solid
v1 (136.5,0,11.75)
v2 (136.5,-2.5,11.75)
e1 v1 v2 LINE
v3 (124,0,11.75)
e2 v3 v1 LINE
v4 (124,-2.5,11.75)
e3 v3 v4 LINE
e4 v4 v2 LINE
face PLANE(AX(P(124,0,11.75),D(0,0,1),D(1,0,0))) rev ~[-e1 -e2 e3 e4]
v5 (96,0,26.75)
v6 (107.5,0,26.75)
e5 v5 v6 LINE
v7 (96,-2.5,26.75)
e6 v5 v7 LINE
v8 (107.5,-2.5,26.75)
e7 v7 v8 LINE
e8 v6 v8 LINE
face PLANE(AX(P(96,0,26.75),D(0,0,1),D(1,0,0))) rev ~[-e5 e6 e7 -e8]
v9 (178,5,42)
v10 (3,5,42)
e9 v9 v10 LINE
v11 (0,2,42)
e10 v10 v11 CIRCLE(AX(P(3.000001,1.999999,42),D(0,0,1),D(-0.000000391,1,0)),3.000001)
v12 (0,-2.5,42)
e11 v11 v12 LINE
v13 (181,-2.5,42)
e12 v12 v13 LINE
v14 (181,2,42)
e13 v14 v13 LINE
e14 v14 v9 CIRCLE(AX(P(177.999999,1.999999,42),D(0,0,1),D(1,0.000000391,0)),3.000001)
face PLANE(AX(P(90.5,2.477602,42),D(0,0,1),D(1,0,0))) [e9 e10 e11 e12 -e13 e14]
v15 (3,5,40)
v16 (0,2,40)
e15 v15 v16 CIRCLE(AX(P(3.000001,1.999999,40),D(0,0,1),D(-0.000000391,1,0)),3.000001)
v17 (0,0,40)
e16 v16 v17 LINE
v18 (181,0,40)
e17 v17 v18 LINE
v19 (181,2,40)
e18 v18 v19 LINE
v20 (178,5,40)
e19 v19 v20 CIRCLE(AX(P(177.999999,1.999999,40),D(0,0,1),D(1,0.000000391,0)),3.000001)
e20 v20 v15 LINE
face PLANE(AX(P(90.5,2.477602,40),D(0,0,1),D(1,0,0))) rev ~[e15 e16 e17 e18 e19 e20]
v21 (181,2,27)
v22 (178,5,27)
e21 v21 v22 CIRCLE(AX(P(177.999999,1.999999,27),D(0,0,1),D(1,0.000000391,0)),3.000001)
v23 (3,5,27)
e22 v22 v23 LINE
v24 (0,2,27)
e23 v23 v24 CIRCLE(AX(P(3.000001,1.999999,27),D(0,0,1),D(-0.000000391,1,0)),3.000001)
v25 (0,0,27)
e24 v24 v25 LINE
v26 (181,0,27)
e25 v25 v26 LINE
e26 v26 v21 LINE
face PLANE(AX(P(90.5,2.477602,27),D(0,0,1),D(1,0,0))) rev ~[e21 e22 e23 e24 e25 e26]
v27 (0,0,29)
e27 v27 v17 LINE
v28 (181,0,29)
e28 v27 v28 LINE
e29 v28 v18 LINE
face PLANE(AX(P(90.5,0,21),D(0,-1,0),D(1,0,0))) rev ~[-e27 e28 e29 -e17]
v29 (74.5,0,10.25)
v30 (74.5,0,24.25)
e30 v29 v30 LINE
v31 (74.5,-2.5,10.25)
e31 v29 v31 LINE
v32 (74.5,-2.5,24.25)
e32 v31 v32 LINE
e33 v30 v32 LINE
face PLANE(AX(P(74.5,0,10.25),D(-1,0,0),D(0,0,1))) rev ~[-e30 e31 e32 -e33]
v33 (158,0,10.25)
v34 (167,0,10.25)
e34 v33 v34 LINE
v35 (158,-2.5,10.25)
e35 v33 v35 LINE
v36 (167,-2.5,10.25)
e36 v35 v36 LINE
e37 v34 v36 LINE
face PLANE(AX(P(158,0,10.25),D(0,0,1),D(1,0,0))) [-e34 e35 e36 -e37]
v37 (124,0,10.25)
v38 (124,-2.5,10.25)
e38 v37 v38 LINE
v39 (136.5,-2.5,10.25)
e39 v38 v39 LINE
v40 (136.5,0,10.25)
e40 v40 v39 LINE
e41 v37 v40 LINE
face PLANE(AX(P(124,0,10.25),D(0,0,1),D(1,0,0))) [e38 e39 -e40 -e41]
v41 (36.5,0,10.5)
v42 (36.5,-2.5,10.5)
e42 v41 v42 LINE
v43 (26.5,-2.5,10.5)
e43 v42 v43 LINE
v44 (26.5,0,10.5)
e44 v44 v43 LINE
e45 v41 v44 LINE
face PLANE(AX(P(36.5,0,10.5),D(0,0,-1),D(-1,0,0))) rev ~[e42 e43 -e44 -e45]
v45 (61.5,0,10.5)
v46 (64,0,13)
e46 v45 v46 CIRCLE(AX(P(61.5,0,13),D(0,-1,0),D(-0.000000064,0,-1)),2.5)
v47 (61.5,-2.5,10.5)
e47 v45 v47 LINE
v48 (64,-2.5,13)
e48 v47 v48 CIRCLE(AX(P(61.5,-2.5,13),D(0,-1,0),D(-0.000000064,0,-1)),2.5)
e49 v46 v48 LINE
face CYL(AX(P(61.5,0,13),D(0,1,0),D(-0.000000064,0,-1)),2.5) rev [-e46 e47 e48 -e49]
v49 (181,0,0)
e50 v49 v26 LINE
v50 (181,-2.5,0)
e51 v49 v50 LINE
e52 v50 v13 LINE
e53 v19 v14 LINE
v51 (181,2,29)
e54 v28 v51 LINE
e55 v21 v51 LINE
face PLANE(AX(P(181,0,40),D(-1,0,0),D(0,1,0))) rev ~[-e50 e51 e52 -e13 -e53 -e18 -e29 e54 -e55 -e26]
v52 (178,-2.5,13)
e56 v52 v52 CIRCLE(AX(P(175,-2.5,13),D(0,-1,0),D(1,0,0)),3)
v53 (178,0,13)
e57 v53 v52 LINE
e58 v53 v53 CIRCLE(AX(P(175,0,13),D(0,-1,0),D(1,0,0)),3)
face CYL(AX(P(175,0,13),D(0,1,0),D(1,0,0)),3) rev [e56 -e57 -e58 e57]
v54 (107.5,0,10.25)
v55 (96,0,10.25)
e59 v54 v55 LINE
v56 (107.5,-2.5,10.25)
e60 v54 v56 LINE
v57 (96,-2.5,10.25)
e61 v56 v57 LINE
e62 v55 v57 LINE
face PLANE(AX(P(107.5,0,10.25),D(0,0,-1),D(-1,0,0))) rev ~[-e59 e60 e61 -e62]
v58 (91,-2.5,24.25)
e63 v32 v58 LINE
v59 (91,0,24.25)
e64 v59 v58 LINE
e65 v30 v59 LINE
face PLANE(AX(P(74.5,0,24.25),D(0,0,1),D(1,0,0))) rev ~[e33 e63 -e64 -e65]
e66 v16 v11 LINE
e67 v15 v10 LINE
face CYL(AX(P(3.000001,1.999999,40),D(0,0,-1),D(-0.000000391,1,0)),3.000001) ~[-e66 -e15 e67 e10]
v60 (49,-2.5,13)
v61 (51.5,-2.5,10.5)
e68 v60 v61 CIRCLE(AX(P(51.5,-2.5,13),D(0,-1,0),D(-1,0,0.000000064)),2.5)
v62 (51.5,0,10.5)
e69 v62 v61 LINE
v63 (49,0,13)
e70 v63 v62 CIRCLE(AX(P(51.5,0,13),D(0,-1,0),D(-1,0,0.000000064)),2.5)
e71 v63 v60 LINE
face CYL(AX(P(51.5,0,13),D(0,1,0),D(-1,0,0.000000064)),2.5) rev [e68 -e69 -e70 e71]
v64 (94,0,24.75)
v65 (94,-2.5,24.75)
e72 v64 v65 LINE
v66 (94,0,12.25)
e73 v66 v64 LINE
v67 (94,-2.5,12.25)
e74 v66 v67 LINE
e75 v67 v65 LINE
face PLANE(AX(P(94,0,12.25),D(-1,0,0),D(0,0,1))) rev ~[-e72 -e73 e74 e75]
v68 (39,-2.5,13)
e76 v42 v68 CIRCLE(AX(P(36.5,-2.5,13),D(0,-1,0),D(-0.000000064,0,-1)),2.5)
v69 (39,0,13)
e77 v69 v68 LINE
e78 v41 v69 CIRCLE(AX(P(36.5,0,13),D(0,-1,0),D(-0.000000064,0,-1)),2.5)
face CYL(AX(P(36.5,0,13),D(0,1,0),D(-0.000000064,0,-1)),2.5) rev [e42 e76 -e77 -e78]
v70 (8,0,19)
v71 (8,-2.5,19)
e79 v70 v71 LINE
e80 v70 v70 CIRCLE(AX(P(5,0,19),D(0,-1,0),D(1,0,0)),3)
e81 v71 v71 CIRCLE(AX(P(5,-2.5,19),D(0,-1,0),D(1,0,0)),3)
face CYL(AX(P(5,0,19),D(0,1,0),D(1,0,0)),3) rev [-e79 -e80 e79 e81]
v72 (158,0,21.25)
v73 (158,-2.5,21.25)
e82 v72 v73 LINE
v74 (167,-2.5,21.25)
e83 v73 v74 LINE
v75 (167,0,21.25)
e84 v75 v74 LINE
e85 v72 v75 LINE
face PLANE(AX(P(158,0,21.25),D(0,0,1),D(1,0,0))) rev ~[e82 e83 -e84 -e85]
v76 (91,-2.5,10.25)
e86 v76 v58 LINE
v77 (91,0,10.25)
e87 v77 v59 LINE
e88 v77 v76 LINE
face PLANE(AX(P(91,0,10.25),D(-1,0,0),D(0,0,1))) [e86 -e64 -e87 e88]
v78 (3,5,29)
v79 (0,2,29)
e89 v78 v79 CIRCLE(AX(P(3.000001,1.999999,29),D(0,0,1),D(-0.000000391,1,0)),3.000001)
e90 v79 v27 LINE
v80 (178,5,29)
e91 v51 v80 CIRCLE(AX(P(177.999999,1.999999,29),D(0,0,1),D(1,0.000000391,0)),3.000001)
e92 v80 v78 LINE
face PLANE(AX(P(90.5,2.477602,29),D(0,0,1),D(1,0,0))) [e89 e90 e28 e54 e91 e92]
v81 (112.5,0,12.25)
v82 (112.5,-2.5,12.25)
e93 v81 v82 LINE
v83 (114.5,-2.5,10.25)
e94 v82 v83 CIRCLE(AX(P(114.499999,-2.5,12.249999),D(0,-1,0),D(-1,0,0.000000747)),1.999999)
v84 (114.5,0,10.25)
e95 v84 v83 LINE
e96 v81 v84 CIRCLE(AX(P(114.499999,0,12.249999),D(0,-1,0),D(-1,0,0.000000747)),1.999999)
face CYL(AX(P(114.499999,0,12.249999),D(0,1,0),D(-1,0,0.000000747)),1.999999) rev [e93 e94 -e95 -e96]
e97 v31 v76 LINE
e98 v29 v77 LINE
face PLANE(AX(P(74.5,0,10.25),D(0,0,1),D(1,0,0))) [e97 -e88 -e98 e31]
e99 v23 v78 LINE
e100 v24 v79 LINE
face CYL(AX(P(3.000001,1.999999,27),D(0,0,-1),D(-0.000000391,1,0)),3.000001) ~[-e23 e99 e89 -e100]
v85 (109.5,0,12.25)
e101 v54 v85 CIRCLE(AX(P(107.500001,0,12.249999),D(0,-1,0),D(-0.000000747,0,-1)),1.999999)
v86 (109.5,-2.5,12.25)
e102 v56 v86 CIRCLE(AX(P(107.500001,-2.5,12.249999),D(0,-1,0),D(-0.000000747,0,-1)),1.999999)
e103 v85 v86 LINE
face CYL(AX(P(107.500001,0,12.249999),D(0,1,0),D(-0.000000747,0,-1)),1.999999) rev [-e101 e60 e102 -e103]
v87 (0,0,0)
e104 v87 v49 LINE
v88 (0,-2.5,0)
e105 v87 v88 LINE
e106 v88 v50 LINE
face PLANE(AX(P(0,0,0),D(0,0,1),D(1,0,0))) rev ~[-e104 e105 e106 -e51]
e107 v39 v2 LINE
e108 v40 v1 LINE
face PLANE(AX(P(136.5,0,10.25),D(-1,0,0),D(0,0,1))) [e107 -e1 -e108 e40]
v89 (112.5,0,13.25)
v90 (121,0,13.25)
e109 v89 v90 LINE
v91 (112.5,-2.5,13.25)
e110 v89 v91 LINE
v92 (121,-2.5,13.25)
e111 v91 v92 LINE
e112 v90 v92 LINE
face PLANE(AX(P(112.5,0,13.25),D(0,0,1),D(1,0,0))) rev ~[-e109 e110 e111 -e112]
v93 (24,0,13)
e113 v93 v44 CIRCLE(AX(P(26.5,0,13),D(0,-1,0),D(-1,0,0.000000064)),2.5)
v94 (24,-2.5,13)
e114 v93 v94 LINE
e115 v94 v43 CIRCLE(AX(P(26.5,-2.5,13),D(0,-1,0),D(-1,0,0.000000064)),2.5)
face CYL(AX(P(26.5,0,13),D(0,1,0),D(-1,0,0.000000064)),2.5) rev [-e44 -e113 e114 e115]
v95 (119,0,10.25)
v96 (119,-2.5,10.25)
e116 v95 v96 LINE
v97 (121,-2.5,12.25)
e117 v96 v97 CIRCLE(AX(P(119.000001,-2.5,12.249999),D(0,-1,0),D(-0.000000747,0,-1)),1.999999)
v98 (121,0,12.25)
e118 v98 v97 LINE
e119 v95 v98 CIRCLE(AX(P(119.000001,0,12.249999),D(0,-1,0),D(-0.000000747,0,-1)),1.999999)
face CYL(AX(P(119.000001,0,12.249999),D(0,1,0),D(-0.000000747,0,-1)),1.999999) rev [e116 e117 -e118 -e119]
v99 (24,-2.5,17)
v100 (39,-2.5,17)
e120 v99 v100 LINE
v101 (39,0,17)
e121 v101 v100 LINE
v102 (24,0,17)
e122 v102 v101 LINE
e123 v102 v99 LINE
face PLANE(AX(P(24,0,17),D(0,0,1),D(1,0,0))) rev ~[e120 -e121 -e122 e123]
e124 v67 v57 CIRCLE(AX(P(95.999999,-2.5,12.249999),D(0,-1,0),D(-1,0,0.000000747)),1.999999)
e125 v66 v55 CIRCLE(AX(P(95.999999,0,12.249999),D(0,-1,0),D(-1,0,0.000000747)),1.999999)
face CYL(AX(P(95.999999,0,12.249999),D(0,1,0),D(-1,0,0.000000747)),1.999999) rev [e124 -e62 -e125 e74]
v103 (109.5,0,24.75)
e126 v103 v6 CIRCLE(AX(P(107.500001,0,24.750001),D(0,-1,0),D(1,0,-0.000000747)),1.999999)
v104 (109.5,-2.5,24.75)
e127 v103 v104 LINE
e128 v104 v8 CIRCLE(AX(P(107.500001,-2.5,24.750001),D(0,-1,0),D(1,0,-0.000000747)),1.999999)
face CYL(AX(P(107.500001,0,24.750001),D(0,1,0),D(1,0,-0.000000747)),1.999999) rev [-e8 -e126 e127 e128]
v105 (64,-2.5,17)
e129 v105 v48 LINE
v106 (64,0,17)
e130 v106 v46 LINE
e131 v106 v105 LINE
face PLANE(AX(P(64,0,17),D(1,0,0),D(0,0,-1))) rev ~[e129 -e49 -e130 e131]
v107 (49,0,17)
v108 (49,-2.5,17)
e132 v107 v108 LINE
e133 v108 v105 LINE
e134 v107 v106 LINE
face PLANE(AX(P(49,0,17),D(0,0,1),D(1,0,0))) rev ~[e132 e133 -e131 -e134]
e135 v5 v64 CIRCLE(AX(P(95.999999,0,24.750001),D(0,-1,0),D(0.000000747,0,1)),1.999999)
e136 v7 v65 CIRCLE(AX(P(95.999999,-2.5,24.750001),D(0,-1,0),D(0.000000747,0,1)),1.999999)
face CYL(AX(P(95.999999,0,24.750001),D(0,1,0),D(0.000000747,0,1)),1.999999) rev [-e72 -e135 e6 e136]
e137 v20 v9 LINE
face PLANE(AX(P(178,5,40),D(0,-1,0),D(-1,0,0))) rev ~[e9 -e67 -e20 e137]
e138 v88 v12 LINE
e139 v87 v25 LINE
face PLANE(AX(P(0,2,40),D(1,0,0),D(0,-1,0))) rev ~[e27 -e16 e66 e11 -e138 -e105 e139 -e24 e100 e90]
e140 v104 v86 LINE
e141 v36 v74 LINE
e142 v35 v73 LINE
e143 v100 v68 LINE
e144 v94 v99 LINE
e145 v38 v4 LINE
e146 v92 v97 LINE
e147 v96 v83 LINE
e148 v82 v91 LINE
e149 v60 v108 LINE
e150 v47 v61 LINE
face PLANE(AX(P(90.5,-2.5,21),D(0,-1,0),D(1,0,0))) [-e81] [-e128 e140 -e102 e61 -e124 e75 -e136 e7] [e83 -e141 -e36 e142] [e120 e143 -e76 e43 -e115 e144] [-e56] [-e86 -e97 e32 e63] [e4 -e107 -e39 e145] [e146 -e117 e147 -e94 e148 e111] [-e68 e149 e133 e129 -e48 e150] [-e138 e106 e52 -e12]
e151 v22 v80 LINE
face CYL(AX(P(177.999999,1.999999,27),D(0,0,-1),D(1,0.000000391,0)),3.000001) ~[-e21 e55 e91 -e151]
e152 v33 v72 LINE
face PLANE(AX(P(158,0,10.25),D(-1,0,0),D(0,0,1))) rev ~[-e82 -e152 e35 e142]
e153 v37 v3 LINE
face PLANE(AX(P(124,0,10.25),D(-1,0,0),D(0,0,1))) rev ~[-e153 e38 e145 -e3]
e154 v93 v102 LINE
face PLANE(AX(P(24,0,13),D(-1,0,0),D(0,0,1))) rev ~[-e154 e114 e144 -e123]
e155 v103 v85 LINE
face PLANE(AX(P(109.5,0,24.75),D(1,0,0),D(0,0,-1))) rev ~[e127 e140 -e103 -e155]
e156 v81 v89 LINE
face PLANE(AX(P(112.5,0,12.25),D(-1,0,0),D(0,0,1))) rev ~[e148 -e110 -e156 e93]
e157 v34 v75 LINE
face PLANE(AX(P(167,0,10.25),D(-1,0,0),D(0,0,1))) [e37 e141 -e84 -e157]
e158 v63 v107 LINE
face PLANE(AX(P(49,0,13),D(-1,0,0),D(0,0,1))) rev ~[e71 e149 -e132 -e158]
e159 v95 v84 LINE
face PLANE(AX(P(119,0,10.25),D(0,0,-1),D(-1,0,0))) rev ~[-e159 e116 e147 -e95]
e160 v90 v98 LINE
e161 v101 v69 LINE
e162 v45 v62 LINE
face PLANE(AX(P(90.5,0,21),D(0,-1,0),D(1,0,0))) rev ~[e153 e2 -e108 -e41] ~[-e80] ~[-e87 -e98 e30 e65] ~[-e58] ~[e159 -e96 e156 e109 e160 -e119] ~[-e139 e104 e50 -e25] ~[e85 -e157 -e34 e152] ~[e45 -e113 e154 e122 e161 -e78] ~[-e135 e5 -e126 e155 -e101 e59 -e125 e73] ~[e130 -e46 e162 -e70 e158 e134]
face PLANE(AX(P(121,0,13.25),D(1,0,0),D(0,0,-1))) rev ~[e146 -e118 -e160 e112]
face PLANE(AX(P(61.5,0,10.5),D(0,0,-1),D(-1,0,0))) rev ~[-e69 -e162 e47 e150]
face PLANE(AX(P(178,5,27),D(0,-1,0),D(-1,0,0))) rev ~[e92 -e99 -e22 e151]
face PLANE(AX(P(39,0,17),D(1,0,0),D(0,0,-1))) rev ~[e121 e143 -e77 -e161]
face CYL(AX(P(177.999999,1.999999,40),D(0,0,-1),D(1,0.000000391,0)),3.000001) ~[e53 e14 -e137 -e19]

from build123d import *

# Parameters (mm, degrees)
SKETCH_W     = 181
SKETCH_H     = 42
SKETCH_R     = 3
SKETCH_W_2   = 9
SKETCH_H_2   = 11
SKETCH_W_3   = 12.5
SKETCH_H_3   = 1.5
SKETCH_W_4   = 16.5
SKETCH_H_4   = 14
PAD_DEPTH    = 2.5
PAD001_DEPTH = 2
PAD002_DEPTH = 2


with BuildPart() as part:
    # Sketch → Pad (new body)
    with BuildSketch(Plane.XZ):
        with Locations((90.5, 21)):
            Rectangle(SKETCH_W, SKETCH_H)
        with Locations((175, 13)):
            Circle(SKETCH_R, mode=Mode.SUBTRACT)
        with Locations((5, 19)):
            Circle(SKETCH_R, mode=Mode.SUBTRACT)
        with Locations((162.5, 15.75)):
            Rectangle(SKETCH_W_2, SKETCH_H_2, mode=Mode.SUBTRACT)
        with BuildLine():
            Line((96, 26.75), (107.5, 26.75))
            ThreePointArc((109.5, 24.75), (108.914214, 26.164214), (107.5, 26.75))
            Line((109.5, 24.75), (109.5, 12.25))
            ThreePointArc((107.5, 10.25), (108.914214, 10.835786), (109.5, 12.25))
            Line((107.5, 10.25), (96, 10.25))
            ThreePointArc((94, 12.25), (94.585786, 10.835786), (96, 10.25))
            Line((94, 12.25), (94, 24.75))
            ThreePointArc((96, 26.75), (94.585786, 26.164214), (94, 24.75))
        make_face(mode=Mode.SUBTRACT)
        with Locations((130.25, 11)):
            Rectangle(SKETCH_W_3, SKETCH_H_3, mode=Mode.SUBTRACT)
        with BuildLine():
            Line((112.5, 13.25), (121, 13.25))
            Line((121, 13.25), (121, 12.25))
            ThreePointArc((119, 10.25), (120.414214, 10.835786), (121, 12.25))
            Line((119, 10.25), (114.5, 10.25))
            ThreePointArc((112.5, 12.25), (113.085786, 10.835786), (114.5, 10.25))
            Line((112.5, 12.25), (112.5, 13.25))
        make_face(mode=Mode.SUBTRACT)
        with Locations((82.75, 17.25)):
            Rectangle(SKETCH_W_4, SKETCH_H_4, mode=Mode.SUBTRACT)
        with BuildLine():
            Line((49, 17), (64, 17))
            Line((64, 17), (64, 13))
            ThreePointArc((61.5, 10.5), (63.267767, 11.232233), (64, 13))
            Line((61.5, 10.5), (51.5, 10.5))
            ThreePointArc((49, 13), (49.732233, 11.232233), (51.5, 10.5))
            Line((49, 13), (49, 17))
        make_face(mode=Mode.SUBTRACT)
        with BuildLine():
            Line((24, 17), (39, 17))
            Line((39, 17), (39, 13))
            ThreePointArc((36.5, 10.5), (38.267767, 11.232233), (39, 13))
            Line((36.5, 10.5), (26.5, 10.5))
            ThreePointArc((24, 13), (24.732233, 11.232233), (26.5, 10.5))
            Line((24, 13), (24, 17))
        make_face(mode=Mode.SUBTRACT)
    extrude(amount=PAD_DEPTH)

    # Sketch001 (on Part) → Pad001 (join)
    with BuildSketch(Plane.XY.offset(27)):
        with BuildLine():
            Line((0, 0), (181, 0))
            Line((181, 0), (181, 2))
            ThreePointArc((181, 2), (180.12132, 4.12132), (178, 5))
            Line((178, 5), (3, 5))
            ThreePointArc((3, 5), (0.87868, 4.12132), (0, 2))
            Line((0, 2), (0, 0))
        make_face()
    extrude(amount=PAD001_DEPTH)

    # Sketch002 → Pad002 (join)
    with BuildSketch(Plane.XY.offset(40)):
        with BuildLine():
            Line((0, 0), (181, 0))
            Line((181, 0), (181, 2))
            ThreePointArc((181, 2), (180.12132, 4.12132), (178, 5))
            Line((178, 5), (3, 5))
            ThreePointArc((3, 5), (0.87868, 4.12132), (0, 2))
            Line((0, 2), (0, 0))
        make_face()
    extrude(amount=PAD002_DEPTH)


solid = part.part
